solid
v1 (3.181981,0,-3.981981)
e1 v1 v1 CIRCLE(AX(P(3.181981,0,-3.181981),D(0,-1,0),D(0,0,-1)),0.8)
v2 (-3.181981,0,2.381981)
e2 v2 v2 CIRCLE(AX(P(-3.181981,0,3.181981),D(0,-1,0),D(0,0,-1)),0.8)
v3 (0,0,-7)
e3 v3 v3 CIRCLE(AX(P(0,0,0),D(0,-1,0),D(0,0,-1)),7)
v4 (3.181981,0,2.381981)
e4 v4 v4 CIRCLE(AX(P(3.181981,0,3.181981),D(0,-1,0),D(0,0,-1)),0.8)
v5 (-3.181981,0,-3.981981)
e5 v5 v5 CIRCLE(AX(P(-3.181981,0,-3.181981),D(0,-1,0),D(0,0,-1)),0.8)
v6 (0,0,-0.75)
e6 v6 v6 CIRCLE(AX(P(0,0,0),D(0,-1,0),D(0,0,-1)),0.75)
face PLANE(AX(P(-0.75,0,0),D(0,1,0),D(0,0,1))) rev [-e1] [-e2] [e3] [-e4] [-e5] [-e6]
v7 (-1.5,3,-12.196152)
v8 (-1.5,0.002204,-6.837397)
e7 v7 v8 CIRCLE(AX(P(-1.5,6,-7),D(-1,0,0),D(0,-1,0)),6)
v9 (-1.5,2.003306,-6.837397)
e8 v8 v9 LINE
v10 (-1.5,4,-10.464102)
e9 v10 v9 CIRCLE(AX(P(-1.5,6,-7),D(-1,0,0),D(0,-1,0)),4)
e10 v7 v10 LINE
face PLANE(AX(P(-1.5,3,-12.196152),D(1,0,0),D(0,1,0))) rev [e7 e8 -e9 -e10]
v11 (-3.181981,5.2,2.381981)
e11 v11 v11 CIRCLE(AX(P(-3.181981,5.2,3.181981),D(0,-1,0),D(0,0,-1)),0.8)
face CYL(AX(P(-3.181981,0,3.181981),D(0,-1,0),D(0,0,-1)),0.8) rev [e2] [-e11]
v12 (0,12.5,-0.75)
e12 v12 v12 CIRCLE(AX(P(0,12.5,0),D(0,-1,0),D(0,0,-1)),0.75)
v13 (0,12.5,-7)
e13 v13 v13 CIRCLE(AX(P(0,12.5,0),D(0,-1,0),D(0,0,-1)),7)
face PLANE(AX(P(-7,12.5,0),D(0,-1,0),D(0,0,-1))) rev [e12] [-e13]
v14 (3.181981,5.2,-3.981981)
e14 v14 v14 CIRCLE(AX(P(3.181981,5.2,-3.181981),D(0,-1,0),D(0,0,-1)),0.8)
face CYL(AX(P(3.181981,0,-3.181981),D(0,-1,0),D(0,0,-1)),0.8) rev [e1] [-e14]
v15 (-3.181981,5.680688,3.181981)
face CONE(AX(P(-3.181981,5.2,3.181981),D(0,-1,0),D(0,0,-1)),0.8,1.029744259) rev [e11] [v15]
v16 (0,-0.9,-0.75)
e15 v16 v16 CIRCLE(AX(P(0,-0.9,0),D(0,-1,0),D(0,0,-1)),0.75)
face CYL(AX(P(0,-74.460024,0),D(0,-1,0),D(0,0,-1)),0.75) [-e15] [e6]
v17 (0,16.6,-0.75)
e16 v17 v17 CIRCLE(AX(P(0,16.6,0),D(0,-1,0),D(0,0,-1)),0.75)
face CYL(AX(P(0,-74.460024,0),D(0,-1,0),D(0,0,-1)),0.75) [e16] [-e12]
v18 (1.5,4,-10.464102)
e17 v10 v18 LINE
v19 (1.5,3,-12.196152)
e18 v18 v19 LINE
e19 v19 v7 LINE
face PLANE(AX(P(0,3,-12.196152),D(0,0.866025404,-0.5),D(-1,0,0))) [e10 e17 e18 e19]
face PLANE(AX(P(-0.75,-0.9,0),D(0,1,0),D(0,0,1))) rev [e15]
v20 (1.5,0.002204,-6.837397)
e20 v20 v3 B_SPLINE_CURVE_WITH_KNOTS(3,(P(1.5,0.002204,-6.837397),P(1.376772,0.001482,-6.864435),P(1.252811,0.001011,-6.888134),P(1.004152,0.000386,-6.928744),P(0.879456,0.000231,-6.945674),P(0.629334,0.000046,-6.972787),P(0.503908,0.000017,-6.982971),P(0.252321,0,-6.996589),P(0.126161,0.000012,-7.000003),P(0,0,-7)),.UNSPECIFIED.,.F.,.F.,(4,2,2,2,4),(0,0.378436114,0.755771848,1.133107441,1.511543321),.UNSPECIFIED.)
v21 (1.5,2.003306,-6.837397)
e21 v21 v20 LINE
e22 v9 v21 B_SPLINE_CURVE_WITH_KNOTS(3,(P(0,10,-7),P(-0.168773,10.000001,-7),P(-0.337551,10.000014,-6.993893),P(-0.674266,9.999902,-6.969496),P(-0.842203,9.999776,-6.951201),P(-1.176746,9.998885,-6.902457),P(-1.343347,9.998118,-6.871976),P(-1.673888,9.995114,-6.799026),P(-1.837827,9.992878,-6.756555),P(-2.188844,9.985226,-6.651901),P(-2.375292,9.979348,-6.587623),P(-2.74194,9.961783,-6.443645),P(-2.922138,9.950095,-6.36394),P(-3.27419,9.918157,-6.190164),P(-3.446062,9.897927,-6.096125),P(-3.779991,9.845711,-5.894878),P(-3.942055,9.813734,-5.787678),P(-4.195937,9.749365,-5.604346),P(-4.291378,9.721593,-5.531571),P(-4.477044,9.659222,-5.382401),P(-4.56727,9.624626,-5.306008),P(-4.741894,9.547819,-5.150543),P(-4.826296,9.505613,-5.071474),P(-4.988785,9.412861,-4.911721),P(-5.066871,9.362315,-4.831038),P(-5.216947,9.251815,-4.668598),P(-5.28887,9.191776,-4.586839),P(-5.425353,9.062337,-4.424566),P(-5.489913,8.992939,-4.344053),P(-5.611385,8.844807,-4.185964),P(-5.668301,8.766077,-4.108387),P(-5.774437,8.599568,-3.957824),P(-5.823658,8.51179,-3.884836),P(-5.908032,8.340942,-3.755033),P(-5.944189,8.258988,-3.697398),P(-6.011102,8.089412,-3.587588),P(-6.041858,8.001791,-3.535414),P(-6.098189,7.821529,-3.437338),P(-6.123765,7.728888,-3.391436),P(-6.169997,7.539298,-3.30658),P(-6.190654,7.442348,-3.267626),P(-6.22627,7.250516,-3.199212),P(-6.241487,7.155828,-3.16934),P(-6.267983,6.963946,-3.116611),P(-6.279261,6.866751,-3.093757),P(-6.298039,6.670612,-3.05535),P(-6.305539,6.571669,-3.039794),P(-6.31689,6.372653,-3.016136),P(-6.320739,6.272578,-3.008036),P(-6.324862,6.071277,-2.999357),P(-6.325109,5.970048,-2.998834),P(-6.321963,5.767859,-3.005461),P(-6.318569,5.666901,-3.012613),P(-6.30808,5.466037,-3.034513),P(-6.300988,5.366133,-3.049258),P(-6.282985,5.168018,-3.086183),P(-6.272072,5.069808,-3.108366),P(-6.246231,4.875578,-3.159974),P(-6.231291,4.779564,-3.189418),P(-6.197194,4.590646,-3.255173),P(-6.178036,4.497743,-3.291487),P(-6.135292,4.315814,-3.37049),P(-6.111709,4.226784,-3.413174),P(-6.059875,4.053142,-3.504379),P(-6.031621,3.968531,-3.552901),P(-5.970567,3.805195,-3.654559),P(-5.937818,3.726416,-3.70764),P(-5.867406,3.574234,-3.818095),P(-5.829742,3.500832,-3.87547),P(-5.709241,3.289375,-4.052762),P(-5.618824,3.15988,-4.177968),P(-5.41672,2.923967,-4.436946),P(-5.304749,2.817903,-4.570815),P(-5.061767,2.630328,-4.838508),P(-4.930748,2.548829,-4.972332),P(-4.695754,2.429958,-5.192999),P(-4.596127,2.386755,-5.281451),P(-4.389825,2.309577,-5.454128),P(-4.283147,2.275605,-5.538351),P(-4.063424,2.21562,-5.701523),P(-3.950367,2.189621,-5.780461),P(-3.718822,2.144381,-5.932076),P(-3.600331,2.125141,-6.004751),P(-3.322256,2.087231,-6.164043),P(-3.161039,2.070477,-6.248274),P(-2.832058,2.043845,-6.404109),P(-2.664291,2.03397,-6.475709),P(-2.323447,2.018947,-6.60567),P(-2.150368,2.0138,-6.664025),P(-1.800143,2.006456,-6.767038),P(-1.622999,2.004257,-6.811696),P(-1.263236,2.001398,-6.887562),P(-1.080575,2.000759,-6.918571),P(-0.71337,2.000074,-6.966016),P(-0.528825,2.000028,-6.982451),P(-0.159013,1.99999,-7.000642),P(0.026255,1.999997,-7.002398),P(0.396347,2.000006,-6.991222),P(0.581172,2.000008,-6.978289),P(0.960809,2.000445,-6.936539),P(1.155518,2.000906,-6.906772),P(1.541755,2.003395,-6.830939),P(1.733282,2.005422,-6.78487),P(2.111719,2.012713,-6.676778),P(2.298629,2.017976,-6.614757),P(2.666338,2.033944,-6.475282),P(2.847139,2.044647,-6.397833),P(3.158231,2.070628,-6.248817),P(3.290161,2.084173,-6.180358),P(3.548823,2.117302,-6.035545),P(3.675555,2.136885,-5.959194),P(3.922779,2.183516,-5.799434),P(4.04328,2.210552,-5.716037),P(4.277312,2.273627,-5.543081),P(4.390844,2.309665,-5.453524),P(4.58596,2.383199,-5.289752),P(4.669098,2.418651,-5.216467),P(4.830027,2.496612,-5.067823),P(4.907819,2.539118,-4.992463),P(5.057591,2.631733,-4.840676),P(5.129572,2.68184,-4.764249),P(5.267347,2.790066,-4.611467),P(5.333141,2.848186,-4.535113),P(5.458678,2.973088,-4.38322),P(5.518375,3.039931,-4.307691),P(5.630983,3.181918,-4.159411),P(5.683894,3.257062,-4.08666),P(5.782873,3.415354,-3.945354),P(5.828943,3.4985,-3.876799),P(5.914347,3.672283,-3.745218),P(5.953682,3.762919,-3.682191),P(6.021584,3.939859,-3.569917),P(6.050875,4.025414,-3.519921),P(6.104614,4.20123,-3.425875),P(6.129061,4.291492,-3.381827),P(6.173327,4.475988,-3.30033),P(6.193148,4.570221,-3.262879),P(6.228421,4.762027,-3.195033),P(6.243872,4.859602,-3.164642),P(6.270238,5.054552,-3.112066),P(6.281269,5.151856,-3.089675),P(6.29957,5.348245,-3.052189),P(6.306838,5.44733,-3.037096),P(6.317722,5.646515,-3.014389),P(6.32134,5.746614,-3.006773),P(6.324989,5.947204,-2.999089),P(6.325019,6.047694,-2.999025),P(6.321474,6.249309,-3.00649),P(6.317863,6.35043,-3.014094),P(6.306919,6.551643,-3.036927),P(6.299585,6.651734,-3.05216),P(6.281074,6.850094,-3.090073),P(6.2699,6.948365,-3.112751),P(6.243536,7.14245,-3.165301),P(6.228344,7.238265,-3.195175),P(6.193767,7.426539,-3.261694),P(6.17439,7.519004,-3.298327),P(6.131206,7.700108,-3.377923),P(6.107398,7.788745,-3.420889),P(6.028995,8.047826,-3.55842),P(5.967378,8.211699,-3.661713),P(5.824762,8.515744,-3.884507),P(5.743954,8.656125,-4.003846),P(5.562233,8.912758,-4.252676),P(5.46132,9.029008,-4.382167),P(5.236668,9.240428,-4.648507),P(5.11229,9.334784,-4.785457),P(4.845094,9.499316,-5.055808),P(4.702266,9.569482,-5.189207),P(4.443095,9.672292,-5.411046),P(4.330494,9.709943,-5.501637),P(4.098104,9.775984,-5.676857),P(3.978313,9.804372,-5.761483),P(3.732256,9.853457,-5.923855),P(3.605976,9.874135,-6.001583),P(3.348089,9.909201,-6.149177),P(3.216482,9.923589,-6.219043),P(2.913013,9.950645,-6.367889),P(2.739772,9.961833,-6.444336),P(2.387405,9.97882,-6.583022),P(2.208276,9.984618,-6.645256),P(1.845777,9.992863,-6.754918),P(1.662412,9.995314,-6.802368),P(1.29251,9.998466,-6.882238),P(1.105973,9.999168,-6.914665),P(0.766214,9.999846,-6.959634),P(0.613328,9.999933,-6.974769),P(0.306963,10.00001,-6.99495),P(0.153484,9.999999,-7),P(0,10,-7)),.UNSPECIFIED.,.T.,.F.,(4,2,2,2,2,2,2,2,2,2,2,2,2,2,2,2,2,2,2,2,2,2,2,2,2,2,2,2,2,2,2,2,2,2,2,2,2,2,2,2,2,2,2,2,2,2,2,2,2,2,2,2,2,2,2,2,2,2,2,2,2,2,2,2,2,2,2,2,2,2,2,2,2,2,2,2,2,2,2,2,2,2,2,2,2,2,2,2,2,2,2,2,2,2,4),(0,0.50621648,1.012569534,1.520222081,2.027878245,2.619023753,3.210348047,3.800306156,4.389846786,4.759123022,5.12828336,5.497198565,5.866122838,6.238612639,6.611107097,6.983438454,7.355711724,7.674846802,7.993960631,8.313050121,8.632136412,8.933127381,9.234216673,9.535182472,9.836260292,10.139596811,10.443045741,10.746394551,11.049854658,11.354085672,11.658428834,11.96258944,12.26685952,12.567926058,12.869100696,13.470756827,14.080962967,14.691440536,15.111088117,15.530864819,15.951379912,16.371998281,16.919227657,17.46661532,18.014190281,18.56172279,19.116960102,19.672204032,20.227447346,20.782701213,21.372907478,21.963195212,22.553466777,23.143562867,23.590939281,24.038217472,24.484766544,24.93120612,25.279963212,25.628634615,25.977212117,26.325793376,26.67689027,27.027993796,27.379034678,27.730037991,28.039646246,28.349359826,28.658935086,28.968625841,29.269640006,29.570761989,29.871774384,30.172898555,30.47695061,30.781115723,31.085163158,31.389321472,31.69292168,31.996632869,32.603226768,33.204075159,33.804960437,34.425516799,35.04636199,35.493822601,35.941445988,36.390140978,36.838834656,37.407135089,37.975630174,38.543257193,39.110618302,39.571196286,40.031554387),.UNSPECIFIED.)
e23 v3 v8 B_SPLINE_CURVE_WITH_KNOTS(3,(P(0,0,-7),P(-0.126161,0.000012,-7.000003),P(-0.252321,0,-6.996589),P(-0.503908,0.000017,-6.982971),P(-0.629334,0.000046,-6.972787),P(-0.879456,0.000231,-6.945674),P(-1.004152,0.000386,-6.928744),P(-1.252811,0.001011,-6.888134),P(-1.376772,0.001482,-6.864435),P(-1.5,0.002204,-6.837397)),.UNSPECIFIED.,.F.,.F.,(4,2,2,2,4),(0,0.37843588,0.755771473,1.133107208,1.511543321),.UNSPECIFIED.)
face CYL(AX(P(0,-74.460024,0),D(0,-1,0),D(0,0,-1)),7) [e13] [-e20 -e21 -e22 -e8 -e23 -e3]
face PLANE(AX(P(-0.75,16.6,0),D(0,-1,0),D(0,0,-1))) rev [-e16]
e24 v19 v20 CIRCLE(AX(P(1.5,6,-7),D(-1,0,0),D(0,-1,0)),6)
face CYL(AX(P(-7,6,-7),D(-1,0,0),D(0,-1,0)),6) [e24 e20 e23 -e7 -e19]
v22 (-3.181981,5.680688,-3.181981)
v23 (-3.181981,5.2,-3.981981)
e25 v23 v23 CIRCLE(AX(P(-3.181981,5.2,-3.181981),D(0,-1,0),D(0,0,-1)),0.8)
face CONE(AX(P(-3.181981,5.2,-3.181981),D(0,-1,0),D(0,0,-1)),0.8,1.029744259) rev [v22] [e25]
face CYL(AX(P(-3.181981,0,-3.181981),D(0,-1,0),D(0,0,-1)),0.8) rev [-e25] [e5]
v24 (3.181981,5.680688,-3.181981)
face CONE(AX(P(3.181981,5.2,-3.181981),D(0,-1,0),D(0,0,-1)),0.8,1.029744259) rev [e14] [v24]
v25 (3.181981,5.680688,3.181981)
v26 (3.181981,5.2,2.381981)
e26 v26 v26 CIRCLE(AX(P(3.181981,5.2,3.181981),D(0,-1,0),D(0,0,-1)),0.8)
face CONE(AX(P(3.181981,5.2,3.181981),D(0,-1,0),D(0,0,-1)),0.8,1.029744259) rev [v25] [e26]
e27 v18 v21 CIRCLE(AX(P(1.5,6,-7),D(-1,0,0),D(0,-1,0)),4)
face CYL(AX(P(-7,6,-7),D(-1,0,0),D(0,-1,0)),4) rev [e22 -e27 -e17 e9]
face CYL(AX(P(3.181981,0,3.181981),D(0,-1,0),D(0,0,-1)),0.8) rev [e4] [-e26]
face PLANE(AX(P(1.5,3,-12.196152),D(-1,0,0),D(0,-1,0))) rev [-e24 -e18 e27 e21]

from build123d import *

# Parameters (mm, degrees)
M2X0_4_TAPPED_HOLE1_D     = 1.6
M2X0_4_TAPPED_HOLE1_DEPTH = 5.2
M2X0_4_TAPPED_HOLE1_TIP   = 0.480688495
SKETCH7_W                 = 3
SKETCH7_H                 = 2
REVOLVE3_ANGLE            = 60
REVOLVE3_OTHER_WAY_ANGLE  = 10


with BuildPart() as part:
    # Sketch1 → Revolve1 (revolve)
    with BuildSketch(Plane.XY):
        Polygon((-0.75, 0), (-7, 0), (-7, 12.5), (-0.75, 12.5), (-0.75, 16.6), (0, 16.6), (0, -0.9), (-0.75, -0.9), align=None)
    revolve(axis=Axis((0, -74.460023863, 0), (0, 1, 0)))

    # M2x0.4 Tapped Hole1
    with Locations(Plane(origin=(0, 0, 0), x_dir=(-1, 0, 0), z_dir=(0, -1, 0))):
        with Locations((3.181980515, -3.181980515), (-3.181980515, -3.181980515), (-3.181980515, 3.181980515), (3.181980515, 3.181980515)):
            Hole(M2X0_4_TAPPED_HOLE1_D / 2, depth=M2X0_4_TAPPED_HOLE1_DEPTH)
            with Locations((0, 0, -(M2X0_4_TAPPED_HOLE1_DEPTH + M2X0_4_TAPPED_HOLE1_TIP / 2))):  # 118° drill point
                Cone(0, M2X0_4_TAPPED_HOLE1_D / 2, M2X0_4_TAPPED_HOLE1_TIP, mode=Mode.SUBTRACT)

    # Sketch7 → Revolve3 (revolve)
    with BuildSketch(Plane(origin=(0, 0, -7), x_dir=(-1, 0, 0), z_dir=(0, 0, -1))):
        with Locations((0, 1)):
            Rectangle(SKETCH7_W, SKETCH7_H)
    revolve(axis=Axis((-7, 6, -7), (1, 0, 0)), revolution_arc=REVOLVE3_ANGLE)

    # Sketch7 → Revolve3 other way (revolve)
    with BuildSketch(Plane(origin=(0, 0, -7), x_dir=(-1, 0, 0), z_dir=(0, 0, -1))):
        with Locations((0, 1)):
            Rectangle(SKETCH7_W, SKETCH7_H)
    revolve(axis=Axis((-7, 6, -7), (-1, 0, 0)), revolution_arc=REVOLVE3_OTHER_WAY_ANGLE)


solid = part.part
